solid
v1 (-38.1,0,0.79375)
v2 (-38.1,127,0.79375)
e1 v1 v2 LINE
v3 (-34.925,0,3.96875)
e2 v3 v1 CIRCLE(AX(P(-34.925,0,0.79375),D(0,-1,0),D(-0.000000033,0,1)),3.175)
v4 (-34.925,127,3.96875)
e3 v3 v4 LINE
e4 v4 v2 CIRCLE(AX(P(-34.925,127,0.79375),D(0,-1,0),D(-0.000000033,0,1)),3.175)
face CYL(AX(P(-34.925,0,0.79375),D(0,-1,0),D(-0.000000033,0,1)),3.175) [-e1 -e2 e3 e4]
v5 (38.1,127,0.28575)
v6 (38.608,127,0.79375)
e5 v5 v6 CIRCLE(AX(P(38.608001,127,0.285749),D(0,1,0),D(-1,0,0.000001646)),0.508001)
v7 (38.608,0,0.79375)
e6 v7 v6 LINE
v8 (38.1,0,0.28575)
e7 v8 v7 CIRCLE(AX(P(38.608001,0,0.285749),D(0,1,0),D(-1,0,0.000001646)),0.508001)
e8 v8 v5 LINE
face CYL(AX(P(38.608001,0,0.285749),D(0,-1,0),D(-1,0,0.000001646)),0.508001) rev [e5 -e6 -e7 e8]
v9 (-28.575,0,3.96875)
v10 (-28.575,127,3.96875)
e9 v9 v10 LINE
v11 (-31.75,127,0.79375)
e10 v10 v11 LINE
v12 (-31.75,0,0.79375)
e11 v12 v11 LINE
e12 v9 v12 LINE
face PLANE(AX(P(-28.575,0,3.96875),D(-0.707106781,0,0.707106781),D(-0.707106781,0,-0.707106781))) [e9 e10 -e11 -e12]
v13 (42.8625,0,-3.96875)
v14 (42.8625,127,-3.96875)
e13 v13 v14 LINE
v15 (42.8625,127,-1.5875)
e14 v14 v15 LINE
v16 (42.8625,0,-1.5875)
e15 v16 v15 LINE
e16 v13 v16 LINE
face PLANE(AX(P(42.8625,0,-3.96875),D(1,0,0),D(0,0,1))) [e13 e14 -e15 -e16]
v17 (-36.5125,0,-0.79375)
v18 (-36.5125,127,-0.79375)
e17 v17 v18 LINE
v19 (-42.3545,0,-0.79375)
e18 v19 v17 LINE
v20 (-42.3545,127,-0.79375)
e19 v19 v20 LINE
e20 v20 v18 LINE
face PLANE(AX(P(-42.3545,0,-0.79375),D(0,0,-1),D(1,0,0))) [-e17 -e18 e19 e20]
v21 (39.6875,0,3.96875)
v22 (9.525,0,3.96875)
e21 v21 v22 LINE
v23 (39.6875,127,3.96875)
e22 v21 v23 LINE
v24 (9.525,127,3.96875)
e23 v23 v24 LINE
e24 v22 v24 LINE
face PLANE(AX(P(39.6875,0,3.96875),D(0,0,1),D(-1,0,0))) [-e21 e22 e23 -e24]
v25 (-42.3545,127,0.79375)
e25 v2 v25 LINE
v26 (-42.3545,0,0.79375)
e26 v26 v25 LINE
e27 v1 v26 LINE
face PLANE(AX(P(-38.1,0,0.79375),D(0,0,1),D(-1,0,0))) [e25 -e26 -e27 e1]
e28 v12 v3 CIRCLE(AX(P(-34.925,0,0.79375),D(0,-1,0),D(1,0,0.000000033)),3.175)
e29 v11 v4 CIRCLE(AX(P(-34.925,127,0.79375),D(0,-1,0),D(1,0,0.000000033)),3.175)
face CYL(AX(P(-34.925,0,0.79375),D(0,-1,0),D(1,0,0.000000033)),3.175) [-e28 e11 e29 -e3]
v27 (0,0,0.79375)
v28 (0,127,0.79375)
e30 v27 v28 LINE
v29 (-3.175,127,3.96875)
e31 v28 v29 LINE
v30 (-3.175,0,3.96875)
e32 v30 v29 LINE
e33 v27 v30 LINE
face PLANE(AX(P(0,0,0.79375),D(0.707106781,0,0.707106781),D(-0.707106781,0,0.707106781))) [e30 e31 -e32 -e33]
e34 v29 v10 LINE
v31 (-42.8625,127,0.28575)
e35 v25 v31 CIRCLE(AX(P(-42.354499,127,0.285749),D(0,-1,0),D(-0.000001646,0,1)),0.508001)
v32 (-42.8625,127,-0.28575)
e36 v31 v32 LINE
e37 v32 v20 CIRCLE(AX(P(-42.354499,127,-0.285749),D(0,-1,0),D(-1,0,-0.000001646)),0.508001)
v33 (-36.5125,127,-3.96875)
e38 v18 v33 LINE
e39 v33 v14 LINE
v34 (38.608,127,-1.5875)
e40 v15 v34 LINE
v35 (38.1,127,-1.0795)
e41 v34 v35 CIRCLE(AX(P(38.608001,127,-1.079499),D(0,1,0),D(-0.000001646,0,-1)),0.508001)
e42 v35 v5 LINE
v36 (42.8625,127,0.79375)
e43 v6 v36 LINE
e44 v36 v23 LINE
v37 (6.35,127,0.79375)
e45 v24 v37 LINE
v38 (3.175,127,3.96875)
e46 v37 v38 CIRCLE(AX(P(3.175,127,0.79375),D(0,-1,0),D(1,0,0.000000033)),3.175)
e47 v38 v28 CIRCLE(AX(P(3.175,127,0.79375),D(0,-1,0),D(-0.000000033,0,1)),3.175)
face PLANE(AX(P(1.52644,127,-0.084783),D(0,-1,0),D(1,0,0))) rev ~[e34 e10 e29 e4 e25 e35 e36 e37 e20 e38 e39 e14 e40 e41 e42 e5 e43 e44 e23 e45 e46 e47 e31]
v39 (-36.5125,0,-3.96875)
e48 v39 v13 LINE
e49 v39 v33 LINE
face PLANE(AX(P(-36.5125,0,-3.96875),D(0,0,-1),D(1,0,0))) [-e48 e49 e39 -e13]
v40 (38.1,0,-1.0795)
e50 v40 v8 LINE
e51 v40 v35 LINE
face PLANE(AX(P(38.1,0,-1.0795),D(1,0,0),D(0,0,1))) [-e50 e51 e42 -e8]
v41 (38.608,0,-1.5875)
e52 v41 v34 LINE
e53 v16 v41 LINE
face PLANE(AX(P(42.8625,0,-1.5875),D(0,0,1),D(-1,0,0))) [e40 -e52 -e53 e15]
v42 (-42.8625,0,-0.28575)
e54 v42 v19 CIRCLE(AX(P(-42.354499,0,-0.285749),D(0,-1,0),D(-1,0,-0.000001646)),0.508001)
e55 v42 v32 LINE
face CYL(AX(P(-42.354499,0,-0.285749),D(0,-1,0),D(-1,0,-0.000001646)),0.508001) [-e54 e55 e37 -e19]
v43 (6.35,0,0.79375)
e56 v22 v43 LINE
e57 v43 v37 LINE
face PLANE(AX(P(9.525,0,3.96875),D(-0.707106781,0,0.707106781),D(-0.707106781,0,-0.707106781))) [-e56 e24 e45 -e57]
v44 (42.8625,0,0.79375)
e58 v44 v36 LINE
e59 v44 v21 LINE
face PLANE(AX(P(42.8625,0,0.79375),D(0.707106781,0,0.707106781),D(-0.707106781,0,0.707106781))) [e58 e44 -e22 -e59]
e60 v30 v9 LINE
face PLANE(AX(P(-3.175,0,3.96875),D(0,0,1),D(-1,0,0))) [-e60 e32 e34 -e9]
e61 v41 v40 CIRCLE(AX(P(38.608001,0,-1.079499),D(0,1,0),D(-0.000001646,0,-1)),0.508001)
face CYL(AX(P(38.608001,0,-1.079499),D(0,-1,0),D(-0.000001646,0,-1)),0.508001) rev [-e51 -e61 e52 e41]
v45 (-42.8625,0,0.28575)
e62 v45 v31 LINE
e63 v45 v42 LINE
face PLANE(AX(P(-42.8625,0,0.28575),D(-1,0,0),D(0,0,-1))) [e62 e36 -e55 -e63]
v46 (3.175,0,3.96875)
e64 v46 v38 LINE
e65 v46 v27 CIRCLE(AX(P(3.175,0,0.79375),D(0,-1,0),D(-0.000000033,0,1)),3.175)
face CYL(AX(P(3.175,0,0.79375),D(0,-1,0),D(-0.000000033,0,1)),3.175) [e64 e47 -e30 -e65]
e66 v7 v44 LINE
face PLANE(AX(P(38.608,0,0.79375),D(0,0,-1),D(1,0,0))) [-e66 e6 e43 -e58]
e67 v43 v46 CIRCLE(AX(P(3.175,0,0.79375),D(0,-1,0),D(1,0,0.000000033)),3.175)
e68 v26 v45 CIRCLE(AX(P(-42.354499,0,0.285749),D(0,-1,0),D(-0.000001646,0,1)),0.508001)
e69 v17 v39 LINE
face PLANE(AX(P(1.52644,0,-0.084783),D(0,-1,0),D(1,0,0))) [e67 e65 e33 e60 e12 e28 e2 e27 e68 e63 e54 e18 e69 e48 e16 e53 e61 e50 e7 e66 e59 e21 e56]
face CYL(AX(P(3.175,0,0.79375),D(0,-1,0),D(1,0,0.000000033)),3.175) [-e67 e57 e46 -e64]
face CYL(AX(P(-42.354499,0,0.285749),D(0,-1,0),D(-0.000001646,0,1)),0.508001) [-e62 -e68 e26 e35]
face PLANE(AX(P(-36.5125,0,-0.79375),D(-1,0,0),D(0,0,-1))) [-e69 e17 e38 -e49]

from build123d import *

# Parameters (mm, degrees)
F1_DEPTH = 127


with BuildPart() as f1:
    # F0 (on Front) → F1 (new body)
    with BuildSketch(Plane.XZ):
        with BuildLine():
            Line((-36.5125, -0.79375), (-36.5125, -3.96875))
            Line((-36.5125, -3.96875), (42.8625, -3.96875))
            Line((42.8625, -3.96875), (42.8625, -1.5875))
            Line((42.8625, -1.5875), (38.608, -1.5875))
            ThreePointArc((38.608, -1.5875), (38.24879, -1.43871), (38.1, -1.0795))
            Line((38.1, -1.0795), (38.1, 0.28575))
            ThreePointArc((38.1, 0.28575), (38.24879, 0.64496), (38.608, 0.79375))
            Line((38.608, 0.79375), (42.8625, 0.79375))
            Line((42.8625, 0.79375), (39.6875, 3.96875))
            Line((39.6875, 3.96875), (9.525, 3.96875))
            Line((9.525, 3.96875), (6.35, 0.79375))
            ThreePointArc((6.35, 0.79375), (5.420064, 3.038814), (3.175, 3.96875))
            ThreePointArc((3.175, 3.96875), (0.929936, 3.038814), (0, 0.79375))
            Line((0, 0.79375), (-3.175, 3.96875))
            Line((-3.175, 3.96875), (-28.575, 3.96875))
            Line((-28.575, 3.96875), (-31.75, 0.79375))
            ThreePointArc((-31.75, 0.79375), (-32.679936, 3.038814), (-34.925, 3.96875))
            ThreePointArc((-34.925, 3.96875), (-37.170064, 3.038814), (-38.1, 0.79375))
            Line((-38.1, 0.79375), (-42.3545, 0.79375))
            ThreePointArc((-42.3545, 0.79375), (-42.71371, 0.64496), (-42.8625, 0.28575))
            Line((-42.8625, 0.28575), (-42.8625, -0.28575))
            ThreePointArc((-42.8625, -0.28575), (-42.71371, -0.64496), (-42.3545, -0.79375))
            Line((-42.3545, -0.79375), (-36.5125, -0.79375))
        make_face()
    extrude(amount=-F1_DEPTH)


solid = f1.part
